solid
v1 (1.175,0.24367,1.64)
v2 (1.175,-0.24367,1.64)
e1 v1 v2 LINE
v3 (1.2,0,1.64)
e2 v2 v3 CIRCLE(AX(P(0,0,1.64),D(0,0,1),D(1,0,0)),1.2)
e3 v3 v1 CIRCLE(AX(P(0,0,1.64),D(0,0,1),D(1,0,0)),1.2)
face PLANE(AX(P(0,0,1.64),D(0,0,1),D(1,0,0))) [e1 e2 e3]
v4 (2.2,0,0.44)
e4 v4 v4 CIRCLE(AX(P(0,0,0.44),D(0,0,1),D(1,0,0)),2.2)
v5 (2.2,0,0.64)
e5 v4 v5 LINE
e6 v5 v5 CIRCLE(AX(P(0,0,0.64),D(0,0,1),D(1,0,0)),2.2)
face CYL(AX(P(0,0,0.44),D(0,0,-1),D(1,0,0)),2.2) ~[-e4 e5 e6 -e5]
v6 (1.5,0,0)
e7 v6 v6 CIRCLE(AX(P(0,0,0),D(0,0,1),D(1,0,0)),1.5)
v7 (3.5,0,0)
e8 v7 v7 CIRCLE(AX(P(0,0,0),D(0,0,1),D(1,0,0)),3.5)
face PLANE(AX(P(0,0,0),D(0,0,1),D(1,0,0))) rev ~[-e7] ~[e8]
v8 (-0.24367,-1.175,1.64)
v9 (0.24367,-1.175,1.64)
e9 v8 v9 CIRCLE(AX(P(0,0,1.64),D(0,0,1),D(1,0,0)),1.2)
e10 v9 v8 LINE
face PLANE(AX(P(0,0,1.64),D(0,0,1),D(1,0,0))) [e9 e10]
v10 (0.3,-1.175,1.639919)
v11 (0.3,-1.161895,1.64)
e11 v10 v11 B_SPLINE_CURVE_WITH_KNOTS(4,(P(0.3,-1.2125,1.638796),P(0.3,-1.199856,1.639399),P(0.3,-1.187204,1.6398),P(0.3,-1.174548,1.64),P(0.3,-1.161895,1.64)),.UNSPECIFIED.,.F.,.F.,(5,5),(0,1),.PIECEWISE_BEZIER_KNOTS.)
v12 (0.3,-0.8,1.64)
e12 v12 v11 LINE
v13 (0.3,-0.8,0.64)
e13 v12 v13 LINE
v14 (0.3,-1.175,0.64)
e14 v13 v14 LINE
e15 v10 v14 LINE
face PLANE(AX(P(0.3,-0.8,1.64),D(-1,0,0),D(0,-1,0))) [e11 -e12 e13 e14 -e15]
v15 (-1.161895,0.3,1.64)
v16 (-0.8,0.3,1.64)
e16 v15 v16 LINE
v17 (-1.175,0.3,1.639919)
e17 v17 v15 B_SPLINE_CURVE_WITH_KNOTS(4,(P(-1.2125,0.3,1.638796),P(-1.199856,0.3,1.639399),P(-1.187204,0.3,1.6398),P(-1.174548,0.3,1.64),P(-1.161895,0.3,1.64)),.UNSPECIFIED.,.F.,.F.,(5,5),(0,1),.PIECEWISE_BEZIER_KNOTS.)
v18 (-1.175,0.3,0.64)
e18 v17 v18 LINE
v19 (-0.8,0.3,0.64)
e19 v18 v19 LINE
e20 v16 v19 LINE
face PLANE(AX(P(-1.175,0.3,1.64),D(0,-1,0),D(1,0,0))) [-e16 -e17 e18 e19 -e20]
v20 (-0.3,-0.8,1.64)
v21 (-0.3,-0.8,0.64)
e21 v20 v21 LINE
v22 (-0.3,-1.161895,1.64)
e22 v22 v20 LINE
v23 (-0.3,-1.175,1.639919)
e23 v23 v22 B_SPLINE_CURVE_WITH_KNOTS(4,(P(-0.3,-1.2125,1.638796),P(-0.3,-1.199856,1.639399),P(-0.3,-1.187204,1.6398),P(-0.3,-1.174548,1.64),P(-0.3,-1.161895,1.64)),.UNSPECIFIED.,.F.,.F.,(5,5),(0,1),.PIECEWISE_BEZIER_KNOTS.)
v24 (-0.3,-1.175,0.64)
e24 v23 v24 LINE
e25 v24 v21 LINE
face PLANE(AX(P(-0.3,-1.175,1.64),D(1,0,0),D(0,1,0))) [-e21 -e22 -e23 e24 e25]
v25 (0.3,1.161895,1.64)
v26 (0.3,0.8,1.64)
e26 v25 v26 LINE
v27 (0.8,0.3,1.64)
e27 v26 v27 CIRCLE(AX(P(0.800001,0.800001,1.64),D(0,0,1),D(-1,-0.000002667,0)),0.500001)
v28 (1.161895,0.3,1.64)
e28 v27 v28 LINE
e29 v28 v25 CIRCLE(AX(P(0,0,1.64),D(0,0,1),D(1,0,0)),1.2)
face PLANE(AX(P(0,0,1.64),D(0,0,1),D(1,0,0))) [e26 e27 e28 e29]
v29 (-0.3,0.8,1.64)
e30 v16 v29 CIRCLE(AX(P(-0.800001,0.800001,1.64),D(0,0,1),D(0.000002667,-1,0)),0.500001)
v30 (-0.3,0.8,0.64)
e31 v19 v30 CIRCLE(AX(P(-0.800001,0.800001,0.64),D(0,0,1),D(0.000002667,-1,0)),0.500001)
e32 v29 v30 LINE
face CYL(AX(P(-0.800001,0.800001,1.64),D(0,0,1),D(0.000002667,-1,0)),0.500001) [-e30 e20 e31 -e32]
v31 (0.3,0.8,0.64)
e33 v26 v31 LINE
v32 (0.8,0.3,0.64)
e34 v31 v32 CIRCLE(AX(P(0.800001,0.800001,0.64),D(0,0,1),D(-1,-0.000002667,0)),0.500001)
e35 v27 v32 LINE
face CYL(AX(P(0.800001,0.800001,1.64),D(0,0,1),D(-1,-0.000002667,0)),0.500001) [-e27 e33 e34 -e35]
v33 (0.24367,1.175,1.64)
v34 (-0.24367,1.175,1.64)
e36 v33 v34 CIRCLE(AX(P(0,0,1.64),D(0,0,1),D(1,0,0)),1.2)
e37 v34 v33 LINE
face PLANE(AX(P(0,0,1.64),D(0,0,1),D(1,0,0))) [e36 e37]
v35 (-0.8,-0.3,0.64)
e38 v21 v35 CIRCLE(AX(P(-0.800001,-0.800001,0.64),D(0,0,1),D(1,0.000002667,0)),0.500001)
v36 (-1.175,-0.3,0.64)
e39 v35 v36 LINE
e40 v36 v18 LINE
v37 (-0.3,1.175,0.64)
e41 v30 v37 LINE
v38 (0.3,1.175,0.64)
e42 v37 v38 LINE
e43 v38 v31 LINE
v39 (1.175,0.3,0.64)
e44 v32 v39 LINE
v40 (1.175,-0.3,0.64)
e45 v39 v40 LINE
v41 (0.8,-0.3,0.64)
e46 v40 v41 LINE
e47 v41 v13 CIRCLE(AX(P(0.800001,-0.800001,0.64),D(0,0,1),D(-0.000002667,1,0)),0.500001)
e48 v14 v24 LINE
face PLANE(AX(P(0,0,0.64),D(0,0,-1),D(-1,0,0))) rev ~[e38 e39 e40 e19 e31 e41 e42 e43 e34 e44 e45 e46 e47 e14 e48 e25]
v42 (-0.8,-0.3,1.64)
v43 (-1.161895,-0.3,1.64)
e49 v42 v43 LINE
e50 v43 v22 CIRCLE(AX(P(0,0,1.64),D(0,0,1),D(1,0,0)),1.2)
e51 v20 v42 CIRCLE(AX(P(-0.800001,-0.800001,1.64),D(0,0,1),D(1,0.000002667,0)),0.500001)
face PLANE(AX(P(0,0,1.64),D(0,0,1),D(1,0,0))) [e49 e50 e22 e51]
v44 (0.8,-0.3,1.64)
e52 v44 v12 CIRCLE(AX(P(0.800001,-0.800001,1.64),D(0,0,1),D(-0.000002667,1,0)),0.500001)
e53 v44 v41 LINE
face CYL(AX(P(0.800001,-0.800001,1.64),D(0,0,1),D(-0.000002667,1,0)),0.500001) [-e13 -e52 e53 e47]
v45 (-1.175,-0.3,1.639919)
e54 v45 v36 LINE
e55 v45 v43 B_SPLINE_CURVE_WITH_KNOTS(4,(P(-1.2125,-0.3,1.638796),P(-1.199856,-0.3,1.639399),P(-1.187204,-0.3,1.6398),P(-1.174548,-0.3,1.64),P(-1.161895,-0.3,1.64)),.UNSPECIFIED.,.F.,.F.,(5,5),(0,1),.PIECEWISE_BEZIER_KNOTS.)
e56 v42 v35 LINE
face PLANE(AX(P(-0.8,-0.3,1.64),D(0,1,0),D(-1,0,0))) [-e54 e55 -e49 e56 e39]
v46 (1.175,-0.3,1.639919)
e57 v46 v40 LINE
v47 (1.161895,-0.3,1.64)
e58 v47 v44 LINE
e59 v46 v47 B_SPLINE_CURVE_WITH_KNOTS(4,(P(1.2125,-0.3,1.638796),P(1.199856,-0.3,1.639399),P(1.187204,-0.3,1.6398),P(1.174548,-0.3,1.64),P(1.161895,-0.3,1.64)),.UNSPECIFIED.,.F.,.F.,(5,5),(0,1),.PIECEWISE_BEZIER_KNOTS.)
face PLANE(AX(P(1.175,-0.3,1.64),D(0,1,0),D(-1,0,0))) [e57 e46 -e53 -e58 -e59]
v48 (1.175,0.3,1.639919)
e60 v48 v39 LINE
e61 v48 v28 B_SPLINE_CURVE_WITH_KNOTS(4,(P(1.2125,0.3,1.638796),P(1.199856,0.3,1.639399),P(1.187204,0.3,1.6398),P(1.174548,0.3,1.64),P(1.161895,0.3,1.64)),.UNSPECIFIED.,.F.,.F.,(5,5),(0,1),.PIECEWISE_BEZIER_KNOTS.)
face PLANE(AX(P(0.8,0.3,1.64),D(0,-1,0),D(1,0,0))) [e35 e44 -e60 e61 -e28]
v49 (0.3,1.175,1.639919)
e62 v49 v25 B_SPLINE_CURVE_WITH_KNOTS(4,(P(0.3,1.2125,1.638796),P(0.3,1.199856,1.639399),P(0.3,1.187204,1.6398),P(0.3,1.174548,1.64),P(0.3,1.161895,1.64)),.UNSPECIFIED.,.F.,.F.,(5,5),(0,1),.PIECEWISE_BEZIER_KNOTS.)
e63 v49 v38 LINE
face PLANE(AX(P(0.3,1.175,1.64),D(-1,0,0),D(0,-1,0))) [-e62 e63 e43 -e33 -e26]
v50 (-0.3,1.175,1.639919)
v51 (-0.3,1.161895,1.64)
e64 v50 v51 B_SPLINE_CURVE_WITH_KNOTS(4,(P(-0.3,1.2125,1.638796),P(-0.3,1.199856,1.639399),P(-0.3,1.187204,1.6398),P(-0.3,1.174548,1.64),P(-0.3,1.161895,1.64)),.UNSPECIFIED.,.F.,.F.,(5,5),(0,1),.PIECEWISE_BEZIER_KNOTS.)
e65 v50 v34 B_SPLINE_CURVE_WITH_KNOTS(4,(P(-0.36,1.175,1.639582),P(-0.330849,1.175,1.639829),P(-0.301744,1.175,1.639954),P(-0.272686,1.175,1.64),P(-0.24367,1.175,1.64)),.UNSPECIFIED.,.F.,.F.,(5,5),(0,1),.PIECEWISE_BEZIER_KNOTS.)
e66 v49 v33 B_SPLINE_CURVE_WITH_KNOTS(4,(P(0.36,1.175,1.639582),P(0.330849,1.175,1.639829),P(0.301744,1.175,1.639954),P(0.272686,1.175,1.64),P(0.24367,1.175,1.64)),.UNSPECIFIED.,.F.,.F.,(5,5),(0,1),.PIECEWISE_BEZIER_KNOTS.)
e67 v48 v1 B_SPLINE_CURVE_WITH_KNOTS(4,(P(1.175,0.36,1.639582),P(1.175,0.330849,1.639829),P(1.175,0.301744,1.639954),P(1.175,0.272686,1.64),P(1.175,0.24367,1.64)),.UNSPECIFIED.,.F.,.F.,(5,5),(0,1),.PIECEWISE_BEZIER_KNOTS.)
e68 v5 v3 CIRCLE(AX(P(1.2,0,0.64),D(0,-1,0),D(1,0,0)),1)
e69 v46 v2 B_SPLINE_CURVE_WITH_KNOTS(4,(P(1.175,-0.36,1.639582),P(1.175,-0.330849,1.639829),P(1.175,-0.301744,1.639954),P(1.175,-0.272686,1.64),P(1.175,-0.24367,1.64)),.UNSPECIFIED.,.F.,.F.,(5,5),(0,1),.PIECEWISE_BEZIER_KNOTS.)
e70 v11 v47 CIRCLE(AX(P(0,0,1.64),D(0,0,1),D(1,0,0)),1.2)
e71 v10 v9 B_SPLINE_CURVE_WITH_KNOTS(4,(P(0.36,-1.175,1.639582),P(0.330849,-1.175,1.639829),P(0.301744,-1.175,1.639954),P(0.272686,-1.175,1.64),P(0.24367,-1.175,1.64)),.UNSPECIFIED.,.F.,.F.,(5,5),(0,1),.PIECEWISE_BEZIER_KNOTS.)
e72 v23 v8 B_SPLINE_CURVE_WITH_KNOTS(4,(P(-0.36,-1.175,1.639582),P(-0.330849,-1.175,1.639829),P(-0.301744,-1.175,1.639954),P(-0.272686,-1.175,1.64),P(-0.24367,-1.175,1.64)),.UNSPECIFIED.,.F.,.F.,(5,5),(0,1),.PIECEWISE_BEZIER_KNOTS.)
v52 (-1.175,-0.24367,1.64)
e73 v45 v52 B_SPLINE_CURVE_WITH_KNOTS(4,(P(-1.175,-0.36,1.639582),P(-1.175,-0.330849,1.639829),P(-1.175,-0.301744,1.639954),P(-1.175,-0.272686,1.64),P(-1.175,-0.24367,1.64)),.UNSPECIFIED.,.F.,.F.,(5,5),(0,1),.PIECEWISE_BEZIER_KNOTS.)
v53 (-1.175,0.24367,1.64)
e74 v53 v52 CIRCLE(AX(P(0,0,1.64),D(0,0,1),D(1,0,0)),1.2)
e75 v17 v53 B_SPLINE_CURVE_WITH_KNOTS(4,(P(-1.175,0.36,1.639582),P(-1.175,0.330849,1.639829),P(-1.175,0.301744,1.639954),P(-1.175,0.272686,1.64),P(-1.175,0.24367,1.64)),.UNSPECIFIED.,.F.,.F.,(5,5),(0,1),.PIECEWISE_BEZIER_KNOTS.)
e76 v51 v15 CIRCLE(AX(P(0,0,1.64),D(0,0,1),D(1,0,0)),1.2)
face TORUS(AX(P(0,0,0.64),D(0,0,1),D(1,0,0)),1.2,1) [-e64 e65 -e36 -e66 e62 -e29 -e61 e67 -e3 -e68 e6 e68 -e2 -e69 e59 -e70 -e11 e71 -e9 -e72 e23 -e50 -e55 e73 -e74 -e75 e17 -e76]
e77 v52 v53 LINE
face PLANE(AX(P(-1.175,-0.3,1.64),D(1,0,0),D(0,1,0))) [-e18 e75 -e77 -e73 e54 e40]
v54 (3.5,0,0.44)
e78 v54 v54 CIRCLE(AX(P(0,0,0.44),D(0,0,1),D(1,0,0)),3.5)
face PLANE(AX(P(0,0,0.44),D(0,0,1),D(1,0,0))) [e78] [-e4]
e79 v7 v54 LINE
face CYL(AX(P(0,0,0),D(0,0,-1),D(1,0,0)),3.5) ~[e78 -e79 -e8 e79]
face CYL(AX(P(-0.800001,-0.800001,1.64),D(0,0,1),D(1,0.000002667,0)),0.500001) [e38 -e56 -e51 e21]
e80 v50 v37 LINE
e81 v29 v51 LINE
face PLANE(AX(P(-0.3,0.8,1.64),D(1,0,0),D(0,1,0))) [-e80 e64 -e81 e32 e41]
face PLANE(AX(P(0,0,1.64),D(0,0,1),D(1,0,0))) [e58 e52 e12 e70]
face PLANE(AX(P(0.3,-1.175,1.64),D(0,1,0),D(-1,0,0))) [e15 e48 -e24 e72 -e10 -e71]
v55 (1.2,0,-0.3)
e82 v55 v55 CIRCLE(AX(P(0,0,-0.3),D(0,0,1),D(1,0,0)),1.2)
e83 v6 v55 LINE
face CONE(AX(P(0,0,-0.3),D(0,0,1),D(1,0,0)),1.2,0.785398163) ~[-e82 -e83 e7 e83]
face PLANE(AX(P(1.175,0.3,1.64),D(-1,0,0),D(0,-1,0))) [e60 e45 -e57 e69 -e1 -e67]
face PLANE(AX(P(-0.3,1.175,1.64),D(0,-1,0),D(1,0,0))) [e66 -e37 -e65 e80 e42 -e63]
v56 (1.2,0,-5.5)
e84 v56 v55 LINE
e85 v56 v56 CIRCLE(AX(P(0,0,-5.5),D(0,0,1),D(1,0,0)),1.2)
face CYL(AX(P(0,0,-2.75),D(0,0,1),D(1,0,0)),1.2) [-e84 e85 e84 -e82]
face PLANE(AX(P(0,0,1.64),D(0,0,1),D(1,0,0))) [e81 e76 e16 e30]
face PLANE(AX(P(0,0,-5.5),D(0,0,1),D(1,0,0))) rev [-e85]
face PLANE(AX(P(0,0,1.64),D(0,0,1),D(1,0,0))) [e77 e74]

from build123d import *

# Parameters (mm, degrees)
SKETCH003_W  = 1.2
SKETCH003_H  = 5.5
SKETCH_R     = 3.5
PAD_DEPTH    = 0.44
SKETCH001_R  = 2.2
PAD001_DEPTH = 1.2
FILLET_R     = 1
POCKET_DEPTH = 1
CHAMFER_SIZE = 0.3


with BuildPart() as screw_body:
    # Sketch003 → Revolution (revolve)
    with BuildSketch(Plane.XZ):
        with Locations((0.6, -2.75)):
            Rectangle(SKETCH003_W, SKETCH003_H)
    revolve(axis=Axis((0, 0, 0), (0, 0, 1)))


with BuildPart() as chamfer_body:
    # Sketch → Pad (new body)
    with BuildSketch(Plane.XY):
        Circle(SKETCH_R)
    extrude(amount=PAD_DEPTH)

    # Sketch001 → Pad001 (new body)
    with BuildSketch(Plane.XY.offset(0.44)):
        Circle(SKETCH001_R)
    extrude(amount=PAD001_DEPTH)

    # Fillet
    fillet_edges = [chamfer_body.edges().sort_by_distance(p)[0] for p in [
        (-2.2, 0, 1.64),
    ]]
    fillet(fillet_edges, radius=FILLET_R)

    # Sketch002 → Pocket (cut)
    with BuildSketch(Plane.XY.offset(1.64)):
        with BuildLine():
            Line((-0.3, 1.175), (0.3, 1.175))
            Line((0.3, 1.175), (0.3, 0.8))
            ThreePointArc((0.3, 0.8), (0.446447, 0.446447), (0.8, 0.3))
            Line((0.8, 0.3), (1.175, 0.3))
            Line((1.175, 0.3), (1.175, -0.3))
            Line((1.175, -0.3), (0.8, -0.3))
            ThreePointArc((0.8, -0.3), (0.446447, -0.446447), (0.3, -0.8))
            Line((0.3, -0.8), (0.3, -1.175))
            Line((0.3, -1.175), (-0.3, -1.175))
            Line((-0.3, -1.175), (-0.3, -0.8))
            ThreePointArc((-0.3, -0.8), (-0.446447, -0.446447), (-0.8, -0.3))
            Line((-0.8, -0.3), (-1.175, -0.3))
            Line((-1.175, -0.3), (-1.175, 0.3))
            Line((-1.175, 0.3), (-0.8, 0.3))
            ThreePointArc((-0.8, 0.3), (-0.446447, 0.446447), (-0.3, 0.8))
            Line((-0.3, 0.8), (-0.3, 1.175))
        make_face()
    extrude(amount=-POCKET_DEPTH, mode=Mode.SUBTRACT)

    # Fusion: union screw-body
    add(screw_body.part)

    # Chamfer
    chamfer_edges = [chamfer_body.edges().sort_by_distance(p)[0] for p in [
        (-1.2, 0, 0),
    ]]
    chamfer(chamfer_edges, length=CHAMFER_SIZE)


solid = chamfer_body.part
